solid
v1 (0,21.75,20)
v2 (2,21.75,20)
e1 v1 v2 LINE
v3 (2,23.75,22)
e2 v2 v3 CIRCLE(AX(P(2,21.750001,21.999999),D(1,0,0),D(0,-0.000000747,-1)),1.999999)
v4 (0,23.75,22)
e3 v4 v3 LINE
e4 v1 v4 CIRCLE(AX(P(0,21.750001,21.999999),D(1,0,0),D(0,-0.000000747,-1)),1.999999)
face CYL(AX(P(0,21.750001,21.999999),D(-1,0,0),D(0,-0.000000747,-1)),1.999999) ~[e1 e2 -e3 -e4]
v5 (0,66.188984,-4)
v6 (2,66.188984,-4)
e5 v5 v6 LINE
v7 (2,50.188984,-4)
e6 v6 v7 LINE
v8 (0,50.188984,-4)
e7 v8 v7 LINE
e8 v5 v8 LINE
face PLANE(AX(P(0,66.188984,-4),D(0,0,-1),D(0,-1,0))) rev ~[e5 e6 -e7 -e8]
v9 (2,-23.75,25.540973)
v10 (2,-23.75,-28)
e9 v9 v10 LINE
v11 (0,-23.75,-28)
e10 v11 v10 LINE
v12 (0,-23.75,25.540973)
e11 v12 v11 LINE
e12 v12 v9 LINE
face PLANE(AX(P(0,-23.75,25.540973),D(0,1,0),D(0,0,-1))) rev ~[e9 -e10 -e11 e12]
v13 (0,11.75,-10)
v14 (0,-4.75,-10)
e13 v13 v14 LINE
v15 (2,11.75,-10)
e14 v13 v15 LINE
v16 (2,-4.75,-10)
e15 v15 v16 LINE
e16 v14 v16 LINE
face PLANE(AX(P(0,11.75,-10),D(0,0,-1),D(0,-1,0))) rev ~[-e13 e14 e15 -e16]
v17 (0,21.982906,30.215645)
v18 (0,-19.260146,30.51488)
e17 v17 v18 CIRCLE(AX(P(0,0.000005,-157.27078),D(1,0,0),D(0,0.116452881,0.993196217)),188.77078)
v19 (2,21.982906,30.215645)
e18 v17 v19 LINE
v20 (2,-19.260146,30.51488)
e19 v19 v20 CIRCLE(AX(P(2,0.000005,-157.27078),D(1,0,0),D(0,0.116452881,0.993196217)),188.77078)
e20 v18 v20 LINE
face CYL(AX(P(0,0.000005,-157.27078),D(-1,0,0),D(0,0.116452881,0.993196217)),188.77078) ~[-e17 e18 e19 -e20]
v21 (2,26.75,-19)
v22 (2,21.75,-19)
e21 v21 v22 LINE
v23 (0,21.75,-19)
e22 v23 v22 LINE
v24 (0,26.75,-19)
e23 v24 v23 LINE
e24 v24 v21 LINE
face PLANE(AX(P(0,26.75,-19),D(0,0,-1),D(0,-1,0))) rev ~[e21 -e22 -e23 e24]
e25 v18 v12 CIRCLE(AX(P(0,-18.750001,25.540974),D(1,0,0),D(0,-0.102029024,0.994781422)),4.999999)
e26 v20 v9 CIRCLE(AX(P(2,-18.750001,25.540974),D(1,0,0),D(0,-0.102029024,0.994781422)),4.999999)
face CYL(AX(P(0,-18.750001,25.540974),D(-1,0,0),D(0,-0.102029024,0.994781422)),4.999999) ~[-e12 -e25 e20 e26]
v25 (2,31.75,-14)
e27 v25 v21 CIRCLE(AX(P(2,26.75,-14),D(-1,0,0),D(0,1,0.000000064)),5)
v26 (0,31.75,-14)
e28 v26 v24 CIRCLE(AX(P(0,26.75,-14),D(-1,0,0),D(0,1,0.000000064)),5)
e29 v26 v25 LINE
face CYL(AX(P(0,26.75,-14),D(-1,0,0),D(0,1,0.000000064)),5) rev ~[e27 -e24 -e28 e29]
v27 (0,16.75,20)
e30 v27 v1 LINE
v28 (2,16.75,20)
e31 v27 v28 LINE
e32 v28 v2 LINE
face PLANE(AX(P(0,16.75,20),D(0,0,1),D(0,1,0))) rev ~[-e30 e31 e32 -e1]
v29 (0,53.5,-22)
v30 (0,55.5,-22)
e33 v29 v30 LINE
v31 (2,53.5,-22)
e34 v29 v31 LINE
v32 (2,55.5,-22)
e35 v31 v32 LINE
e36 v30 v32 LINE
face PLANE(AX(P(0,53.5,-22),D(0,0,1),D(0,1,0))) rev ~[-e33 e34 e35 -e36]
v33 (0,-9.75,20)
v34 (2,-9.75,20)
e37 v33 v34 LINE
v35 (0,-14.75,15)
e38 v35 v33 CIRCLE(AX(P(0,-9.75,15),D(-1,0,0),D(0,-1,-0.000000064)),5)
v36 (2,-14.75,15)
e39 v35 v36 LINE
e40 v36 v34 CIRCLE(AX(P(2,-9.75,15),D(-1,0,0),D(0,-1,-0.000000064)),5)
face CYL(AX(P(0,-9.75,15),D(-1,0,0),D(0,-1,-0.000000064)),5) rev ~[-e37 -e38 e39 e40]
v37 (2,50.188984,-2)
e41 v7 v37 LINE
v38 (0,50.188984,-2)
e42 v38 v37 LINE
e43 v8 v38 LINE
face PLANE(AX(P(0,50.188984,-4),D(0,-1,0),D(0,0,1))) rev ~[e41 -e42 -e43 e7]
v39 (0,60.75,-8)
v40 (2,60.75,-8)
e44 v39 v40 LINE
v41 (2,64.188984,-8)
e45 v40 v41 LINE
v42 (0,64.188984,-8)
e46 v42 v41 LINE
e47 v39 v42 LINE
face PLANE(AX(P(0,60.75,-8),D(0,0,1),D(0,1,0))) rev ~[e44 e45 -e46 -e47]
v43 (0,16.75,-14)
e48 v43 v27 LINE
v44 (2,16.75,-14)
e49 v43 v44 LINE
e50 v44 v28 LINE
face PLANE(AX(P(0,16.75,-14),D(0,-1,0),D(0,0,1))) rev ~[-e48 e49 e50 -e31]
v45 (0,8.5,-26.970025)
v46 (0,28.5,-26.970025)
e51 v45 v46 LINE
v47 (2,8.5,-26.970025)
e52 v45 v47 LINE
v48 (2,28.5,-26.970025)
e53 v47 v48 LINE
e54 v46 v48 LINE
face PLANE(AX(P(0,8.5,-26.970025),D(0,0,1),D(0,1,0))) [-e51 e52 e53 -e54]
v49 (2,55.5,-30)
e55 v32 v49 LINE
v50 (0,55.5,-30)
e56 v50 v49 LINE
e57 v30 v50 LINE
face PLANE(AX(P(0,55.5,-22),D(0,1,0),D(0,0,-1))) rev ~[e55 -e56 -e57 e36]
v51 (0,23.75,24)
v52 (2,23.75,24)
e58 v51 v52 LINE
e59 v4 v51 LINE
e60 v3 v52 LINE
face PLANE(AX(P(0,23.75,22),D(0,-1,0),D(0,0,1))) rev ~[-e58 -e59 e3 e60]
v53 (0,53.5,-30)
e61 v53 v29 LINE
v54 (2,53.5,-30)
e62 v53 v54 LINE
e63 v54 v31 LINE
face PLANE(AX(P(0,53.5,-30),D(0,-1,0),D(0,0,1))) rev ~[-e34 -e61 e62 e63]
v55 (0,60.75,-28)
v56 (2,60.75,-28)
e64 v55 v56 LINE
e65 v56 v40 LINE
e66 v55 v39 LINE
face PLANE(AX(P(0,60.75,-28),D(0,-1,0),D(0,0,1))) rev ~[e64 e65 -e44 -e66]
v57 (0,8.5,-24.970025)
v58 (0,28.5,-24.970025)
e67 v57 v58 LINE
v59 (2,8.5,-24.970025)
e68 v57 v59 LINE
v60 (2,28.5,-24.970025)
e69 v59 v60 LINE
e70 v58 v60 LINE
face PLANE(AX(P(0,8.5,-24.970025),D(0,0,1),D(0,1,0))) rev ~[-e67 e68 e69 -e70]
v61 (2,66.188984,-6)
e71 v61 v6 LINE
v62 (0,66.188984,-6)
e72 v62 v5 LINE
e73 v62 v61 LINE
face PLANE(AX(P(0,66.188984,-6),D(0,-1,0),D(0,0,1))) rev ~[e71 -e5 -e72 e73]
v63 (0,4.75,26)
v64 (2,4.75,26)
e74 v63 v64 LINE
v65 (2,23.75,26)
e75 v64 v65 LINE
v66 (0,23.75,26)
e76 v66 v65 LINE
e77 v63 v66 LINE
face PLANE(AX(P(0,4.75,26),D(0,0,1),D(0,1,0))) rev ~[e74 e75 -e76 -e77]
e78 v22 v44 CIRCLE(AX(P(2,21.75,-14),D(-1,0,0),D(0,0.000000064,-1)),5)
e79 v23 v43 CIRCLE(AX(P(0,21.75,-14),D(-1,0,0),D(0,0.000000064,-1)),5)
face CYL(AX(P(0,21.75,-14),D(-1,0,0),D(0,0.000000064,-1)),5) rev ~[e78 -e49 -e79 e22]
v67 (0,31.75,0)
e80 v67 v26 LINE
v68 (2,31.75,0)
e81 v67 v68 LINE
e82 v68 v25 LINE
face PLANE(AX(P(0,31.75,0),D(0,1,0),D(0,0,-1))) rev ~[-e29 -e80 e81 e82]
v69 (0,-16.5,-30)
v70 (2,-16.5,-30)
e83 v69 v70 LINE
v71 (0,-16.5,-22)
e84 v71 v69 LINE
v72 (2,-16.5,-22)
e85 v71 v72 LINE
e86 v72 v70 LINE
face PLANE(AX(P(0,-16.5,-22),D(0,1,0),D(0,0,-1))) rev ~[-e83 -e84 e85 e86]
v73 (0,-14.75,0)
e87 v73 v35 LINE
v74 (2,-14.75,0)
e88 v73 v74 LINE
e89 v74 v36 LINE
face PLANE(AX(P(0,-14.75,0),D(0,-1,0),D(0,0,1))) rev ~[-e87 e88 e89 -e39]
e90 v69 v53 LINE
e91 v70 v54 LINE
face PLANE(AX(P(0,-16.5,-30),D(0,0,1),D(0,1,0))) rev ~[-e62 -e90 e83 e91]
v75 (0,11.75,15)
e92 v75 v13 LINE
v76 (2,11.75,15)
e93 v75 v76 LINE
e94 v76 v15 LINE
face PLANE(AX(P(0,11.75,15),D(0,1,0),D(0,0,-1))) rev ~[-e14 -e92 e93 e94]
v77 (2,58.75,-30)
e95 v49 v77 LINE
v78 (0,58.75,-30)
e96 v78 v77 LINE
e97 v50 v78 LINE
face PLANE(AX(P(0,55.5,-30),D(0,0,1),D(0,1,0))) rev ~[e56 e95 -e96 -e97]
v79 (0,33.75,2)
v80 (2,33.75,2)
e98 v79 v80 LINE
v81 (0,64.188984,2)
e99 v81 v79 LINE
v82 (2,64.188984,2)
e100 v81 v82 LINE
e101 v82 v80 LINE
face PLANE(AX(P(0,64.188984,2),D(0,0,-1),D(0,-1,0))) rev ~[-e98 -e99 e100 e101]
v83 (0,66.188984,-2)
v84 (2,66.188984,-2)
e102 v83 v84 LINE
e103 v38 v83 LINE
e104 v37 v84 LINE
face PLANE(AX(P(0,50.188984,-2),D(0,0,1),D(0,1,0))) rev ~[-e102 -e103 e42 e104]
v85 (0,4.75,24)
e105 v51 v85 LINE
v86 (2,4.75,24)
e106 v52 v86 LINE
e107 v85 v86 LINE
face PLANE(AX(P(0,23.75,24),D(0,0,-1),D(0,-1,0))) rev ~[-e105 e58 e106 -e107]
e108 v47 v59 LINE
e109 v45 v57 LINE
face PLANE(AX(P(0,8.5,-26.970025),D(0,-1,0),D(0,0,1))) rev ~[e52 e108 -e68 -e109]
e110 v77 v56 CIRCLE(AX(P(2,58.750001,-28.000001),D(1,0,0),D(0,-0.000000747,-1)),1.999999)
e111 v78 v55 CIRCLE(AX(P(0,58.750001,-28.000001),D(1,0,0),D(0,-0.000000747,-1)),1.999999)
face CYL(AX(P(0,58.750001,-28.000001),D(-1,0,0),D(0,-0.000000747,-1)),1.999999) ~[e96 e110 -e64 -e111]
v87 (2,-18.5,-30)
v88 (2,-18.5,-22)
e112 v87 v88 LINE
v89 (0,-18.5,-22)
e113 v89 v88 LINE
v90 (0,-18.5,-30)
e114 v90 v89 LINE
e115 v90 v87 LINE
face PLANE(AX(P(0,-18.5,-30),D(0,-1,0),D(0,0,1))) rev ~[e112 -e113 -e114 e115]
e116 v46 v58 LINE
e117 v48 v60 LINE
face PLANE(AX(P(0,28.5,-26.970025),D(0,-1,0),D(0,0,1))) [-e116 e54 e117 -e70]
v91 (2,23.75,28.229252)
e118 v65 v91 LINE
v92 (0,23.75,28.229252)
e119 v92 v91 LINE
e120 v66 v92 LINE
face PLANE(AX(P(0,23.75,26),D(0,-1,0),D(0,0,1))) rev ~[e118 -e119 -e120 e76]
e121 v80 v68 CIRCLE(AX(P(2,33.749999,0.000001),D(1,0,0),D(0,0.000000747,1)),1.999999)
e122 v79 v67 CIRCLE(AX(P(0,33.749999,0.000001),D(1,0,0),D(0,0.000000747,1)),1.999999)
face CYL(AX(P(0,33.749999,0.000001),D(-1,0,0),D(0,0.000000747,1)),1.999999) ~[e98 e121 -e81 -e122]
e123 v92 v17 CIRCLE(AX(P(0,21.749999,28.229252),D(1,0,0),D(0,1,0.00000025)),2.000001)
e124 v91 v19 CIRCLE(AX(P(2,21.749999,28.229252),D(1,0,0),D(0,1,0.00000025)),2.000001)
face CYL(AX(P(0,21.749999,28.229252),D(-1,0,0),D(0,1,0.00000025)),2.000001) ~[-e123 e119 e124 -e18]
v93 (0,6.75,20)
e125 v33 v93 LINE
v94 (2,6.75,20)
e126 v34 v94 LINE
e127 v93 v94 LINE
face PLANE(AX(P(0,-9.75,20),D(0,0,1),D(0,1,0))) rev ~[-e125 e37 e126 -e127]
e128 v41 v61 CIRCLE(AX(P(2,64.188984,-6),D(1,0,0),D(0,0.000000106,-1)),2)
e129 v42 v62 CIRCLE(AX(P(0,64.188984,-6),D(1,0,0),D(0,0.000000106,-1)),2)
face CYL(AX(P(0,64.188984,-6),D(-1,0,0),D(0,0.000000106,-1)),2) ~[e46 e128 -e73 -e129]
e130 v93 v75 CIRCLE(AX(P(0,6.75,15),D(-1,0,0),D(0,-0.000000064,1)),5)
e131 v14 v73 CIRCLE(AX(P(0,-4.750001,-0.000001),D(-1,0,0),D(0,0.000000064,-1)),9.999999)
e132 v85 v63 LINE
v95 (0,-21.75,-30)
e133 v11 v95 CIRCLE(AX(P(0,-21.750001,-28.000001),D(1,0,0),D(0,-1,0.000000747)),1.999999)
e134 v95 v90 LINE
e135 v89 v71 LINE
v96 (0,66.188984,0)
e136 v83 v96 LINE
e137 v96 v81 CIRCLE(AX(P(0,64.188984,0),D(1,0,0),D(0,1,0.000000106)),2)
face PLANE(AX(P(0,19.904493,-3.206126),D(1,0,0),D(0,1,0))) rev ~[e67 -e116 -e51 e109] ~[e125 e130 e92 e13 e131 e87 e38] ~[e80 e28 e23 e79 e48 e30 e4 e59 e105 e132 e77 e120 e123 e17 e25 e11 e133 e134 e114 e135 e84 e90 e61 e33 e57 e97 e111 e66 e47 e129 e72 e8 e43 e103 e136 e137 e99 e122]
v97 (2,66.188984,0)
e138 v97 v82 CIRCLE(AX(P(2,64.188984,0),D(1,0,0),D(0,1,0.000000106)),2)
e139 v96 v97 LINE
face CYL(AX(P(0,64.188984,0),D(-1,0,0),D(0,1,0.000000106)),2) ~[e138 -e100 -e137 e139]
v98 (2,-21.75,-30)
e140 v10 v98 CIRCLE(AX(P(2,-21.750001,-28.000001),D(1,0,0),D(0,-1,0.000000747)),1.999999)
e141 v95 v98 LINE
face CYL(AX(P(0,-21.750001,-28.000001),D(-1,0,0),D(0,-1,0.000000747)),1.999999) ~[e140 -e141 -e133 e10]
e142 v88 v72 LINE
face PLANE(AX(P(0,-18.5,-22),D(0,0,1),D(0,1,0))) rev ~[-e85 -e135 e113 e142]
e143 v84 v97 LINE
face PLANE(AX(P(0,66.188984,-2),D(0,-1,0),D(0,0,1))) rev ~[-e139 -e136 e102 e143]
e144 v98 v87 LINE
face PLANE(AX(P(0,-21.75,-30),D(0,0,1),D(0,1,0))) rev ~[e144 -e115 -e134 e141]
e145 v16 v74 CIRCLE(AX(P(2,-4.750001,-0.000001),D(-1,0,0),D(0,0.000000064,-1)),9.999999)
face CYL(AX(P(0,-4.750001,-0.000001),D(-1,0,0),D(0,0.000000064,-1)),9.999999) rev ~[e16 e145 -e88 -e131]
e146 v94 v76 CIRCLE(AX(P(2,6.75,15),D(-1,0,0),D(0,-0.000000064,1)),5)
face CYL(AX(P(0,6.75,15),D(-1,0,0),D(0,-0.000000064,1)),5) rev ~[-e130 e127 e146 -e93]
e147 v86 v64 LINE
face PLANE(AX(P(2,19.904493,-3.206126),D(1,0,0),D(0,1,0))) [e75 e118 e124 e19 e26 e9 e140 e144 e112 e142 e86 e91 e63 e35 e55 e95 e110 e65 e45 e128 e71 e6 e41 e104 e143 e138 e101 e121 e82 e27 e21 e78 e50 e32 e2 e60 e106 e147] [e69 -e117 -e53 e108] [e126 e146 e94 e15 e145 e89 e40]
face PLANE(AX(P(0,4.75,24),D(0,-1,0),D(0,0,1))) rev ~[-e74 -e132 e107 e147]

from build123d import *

# Parameters (mm, degrees)
F0_W     = 20
F0_H     = 2
F1_DEPTH = 2


with BuildPart() as f1:
    # F0 (on Right) → F1 (new body)
    with BuildSketch(Plane.YZ):
        with BuildLine():
            ThreePointArc((-23.75, -28), (-23.164214, -29.414214), (-21.75, -30))
            Line((-21.75, -30), (-18.5, -30))
            Line((-18.5, -30), (-18.5, -22))
            Line((-18.5, -22), (-16.5, -22))
            Line((-16.5, -22), (-16.5, -30))
            Line((-16.5, -30), (23.75, -30))
            Line((23.75, -30), (53.5, -30))
            Line((53.5, -30), (53.5, -22))
            Line((53.5, -22), (55.5, -22))
            Line((55.5, -22), (55.5, -30))
            Line((55.5, -30), (58.75, -30))
            ThreePointArc((58.75, -30), (60.164214, -29.414214), (60.75, -28))
            Line((60.75, -28), (60.75, -8))
            Line((60.75, -8), (64.188984, -8))
            ThreePointArc((64.188984, -8), (65.603197, -7.414214), (66.188984, -6))
            Line((66.188984, -6), (66.188984, -4))
            Line((66.188984, -4), (50.188984, -4))
            Line((50.188984, -4), (50.188984, -2))
            Line((50.188984, -2), (66.188984, -2))
            Line((66.188984, -2), (66.188984, 0))
            ThreePointArc((66.188984, 0), (65.603197, 1.414214), (64.188984, 2))
            Line((64.188984, 2), (33.75, 2))
            ThreePointArc((33.75, 2), (32.335786, 1.414214), (31.75, 0))
            Line((31.75, 0), (31.75, -14))
            ThreePointArc((31.75, -14), (30.285534, -17.535534), (26.75, -19))
            Line((26.75, -19), (21.75, -19))
            ThreePointArc((21.75, -19), (18.214466, -17.535534), (16.75, -14))
            Line((16.75, -14), (16.75, 20))
            Line((16.75, 20), (21.75, 20))
            ThreePointArc((21.75, 20), (23.164214, 20.585786), (23.75, 22))
            Line((23.75, 22), (23.75, 24))
            Line((23.75, 24), (4.75, 24))
            Line((4.75, 24), (4.75, 26))
            Line((4.75, 26), (23.75, 26))
            Line((23.75, 26), (23.75, 28.229252))
            ThreePointArc((23.75, 28.229252), (23.244291, 29.558573), (21.982906, 30.215645))
            ThreePointArc((21.982906, 30.215645), (1.369577, 31.495032), (-19.260146, 30.51488))
            ThreePointArc((-19.260146, 30.51488), (-22.461518, 28.891292), (-23.75, 25.540973))
            Line((-23.75, 25.540973), (-23.75, -28))
        make_face()
        with Locations((18.5, -25.970025)):
            Rectangle(F0_W, F0_H, mode=Mode.SUBTRACT)
        with BuildLine():
            ThreePointArc((-14.75, 15), (-13.285534, 18.535534), (-9.75, 20))
            Line((-9.75, 20), (6.75, 20))
            ThreePointArc((6.75, 20), (10.285534, 18.535534), (11.75, 15))
            Line((11.75, 15), (11.75, -10))
            Line((11.75, -10), (-4.75, -10))
            ThreePointArc((-4.75, -10), (-11.821068, -7.071068), (-14.75, 0))
            Line((-14.75, 0), (-14.75, 15))
        make_face(mode=Mode.SUBTRACT)
    extrude(amount=F1_DEPTH)


solid = f1.part
